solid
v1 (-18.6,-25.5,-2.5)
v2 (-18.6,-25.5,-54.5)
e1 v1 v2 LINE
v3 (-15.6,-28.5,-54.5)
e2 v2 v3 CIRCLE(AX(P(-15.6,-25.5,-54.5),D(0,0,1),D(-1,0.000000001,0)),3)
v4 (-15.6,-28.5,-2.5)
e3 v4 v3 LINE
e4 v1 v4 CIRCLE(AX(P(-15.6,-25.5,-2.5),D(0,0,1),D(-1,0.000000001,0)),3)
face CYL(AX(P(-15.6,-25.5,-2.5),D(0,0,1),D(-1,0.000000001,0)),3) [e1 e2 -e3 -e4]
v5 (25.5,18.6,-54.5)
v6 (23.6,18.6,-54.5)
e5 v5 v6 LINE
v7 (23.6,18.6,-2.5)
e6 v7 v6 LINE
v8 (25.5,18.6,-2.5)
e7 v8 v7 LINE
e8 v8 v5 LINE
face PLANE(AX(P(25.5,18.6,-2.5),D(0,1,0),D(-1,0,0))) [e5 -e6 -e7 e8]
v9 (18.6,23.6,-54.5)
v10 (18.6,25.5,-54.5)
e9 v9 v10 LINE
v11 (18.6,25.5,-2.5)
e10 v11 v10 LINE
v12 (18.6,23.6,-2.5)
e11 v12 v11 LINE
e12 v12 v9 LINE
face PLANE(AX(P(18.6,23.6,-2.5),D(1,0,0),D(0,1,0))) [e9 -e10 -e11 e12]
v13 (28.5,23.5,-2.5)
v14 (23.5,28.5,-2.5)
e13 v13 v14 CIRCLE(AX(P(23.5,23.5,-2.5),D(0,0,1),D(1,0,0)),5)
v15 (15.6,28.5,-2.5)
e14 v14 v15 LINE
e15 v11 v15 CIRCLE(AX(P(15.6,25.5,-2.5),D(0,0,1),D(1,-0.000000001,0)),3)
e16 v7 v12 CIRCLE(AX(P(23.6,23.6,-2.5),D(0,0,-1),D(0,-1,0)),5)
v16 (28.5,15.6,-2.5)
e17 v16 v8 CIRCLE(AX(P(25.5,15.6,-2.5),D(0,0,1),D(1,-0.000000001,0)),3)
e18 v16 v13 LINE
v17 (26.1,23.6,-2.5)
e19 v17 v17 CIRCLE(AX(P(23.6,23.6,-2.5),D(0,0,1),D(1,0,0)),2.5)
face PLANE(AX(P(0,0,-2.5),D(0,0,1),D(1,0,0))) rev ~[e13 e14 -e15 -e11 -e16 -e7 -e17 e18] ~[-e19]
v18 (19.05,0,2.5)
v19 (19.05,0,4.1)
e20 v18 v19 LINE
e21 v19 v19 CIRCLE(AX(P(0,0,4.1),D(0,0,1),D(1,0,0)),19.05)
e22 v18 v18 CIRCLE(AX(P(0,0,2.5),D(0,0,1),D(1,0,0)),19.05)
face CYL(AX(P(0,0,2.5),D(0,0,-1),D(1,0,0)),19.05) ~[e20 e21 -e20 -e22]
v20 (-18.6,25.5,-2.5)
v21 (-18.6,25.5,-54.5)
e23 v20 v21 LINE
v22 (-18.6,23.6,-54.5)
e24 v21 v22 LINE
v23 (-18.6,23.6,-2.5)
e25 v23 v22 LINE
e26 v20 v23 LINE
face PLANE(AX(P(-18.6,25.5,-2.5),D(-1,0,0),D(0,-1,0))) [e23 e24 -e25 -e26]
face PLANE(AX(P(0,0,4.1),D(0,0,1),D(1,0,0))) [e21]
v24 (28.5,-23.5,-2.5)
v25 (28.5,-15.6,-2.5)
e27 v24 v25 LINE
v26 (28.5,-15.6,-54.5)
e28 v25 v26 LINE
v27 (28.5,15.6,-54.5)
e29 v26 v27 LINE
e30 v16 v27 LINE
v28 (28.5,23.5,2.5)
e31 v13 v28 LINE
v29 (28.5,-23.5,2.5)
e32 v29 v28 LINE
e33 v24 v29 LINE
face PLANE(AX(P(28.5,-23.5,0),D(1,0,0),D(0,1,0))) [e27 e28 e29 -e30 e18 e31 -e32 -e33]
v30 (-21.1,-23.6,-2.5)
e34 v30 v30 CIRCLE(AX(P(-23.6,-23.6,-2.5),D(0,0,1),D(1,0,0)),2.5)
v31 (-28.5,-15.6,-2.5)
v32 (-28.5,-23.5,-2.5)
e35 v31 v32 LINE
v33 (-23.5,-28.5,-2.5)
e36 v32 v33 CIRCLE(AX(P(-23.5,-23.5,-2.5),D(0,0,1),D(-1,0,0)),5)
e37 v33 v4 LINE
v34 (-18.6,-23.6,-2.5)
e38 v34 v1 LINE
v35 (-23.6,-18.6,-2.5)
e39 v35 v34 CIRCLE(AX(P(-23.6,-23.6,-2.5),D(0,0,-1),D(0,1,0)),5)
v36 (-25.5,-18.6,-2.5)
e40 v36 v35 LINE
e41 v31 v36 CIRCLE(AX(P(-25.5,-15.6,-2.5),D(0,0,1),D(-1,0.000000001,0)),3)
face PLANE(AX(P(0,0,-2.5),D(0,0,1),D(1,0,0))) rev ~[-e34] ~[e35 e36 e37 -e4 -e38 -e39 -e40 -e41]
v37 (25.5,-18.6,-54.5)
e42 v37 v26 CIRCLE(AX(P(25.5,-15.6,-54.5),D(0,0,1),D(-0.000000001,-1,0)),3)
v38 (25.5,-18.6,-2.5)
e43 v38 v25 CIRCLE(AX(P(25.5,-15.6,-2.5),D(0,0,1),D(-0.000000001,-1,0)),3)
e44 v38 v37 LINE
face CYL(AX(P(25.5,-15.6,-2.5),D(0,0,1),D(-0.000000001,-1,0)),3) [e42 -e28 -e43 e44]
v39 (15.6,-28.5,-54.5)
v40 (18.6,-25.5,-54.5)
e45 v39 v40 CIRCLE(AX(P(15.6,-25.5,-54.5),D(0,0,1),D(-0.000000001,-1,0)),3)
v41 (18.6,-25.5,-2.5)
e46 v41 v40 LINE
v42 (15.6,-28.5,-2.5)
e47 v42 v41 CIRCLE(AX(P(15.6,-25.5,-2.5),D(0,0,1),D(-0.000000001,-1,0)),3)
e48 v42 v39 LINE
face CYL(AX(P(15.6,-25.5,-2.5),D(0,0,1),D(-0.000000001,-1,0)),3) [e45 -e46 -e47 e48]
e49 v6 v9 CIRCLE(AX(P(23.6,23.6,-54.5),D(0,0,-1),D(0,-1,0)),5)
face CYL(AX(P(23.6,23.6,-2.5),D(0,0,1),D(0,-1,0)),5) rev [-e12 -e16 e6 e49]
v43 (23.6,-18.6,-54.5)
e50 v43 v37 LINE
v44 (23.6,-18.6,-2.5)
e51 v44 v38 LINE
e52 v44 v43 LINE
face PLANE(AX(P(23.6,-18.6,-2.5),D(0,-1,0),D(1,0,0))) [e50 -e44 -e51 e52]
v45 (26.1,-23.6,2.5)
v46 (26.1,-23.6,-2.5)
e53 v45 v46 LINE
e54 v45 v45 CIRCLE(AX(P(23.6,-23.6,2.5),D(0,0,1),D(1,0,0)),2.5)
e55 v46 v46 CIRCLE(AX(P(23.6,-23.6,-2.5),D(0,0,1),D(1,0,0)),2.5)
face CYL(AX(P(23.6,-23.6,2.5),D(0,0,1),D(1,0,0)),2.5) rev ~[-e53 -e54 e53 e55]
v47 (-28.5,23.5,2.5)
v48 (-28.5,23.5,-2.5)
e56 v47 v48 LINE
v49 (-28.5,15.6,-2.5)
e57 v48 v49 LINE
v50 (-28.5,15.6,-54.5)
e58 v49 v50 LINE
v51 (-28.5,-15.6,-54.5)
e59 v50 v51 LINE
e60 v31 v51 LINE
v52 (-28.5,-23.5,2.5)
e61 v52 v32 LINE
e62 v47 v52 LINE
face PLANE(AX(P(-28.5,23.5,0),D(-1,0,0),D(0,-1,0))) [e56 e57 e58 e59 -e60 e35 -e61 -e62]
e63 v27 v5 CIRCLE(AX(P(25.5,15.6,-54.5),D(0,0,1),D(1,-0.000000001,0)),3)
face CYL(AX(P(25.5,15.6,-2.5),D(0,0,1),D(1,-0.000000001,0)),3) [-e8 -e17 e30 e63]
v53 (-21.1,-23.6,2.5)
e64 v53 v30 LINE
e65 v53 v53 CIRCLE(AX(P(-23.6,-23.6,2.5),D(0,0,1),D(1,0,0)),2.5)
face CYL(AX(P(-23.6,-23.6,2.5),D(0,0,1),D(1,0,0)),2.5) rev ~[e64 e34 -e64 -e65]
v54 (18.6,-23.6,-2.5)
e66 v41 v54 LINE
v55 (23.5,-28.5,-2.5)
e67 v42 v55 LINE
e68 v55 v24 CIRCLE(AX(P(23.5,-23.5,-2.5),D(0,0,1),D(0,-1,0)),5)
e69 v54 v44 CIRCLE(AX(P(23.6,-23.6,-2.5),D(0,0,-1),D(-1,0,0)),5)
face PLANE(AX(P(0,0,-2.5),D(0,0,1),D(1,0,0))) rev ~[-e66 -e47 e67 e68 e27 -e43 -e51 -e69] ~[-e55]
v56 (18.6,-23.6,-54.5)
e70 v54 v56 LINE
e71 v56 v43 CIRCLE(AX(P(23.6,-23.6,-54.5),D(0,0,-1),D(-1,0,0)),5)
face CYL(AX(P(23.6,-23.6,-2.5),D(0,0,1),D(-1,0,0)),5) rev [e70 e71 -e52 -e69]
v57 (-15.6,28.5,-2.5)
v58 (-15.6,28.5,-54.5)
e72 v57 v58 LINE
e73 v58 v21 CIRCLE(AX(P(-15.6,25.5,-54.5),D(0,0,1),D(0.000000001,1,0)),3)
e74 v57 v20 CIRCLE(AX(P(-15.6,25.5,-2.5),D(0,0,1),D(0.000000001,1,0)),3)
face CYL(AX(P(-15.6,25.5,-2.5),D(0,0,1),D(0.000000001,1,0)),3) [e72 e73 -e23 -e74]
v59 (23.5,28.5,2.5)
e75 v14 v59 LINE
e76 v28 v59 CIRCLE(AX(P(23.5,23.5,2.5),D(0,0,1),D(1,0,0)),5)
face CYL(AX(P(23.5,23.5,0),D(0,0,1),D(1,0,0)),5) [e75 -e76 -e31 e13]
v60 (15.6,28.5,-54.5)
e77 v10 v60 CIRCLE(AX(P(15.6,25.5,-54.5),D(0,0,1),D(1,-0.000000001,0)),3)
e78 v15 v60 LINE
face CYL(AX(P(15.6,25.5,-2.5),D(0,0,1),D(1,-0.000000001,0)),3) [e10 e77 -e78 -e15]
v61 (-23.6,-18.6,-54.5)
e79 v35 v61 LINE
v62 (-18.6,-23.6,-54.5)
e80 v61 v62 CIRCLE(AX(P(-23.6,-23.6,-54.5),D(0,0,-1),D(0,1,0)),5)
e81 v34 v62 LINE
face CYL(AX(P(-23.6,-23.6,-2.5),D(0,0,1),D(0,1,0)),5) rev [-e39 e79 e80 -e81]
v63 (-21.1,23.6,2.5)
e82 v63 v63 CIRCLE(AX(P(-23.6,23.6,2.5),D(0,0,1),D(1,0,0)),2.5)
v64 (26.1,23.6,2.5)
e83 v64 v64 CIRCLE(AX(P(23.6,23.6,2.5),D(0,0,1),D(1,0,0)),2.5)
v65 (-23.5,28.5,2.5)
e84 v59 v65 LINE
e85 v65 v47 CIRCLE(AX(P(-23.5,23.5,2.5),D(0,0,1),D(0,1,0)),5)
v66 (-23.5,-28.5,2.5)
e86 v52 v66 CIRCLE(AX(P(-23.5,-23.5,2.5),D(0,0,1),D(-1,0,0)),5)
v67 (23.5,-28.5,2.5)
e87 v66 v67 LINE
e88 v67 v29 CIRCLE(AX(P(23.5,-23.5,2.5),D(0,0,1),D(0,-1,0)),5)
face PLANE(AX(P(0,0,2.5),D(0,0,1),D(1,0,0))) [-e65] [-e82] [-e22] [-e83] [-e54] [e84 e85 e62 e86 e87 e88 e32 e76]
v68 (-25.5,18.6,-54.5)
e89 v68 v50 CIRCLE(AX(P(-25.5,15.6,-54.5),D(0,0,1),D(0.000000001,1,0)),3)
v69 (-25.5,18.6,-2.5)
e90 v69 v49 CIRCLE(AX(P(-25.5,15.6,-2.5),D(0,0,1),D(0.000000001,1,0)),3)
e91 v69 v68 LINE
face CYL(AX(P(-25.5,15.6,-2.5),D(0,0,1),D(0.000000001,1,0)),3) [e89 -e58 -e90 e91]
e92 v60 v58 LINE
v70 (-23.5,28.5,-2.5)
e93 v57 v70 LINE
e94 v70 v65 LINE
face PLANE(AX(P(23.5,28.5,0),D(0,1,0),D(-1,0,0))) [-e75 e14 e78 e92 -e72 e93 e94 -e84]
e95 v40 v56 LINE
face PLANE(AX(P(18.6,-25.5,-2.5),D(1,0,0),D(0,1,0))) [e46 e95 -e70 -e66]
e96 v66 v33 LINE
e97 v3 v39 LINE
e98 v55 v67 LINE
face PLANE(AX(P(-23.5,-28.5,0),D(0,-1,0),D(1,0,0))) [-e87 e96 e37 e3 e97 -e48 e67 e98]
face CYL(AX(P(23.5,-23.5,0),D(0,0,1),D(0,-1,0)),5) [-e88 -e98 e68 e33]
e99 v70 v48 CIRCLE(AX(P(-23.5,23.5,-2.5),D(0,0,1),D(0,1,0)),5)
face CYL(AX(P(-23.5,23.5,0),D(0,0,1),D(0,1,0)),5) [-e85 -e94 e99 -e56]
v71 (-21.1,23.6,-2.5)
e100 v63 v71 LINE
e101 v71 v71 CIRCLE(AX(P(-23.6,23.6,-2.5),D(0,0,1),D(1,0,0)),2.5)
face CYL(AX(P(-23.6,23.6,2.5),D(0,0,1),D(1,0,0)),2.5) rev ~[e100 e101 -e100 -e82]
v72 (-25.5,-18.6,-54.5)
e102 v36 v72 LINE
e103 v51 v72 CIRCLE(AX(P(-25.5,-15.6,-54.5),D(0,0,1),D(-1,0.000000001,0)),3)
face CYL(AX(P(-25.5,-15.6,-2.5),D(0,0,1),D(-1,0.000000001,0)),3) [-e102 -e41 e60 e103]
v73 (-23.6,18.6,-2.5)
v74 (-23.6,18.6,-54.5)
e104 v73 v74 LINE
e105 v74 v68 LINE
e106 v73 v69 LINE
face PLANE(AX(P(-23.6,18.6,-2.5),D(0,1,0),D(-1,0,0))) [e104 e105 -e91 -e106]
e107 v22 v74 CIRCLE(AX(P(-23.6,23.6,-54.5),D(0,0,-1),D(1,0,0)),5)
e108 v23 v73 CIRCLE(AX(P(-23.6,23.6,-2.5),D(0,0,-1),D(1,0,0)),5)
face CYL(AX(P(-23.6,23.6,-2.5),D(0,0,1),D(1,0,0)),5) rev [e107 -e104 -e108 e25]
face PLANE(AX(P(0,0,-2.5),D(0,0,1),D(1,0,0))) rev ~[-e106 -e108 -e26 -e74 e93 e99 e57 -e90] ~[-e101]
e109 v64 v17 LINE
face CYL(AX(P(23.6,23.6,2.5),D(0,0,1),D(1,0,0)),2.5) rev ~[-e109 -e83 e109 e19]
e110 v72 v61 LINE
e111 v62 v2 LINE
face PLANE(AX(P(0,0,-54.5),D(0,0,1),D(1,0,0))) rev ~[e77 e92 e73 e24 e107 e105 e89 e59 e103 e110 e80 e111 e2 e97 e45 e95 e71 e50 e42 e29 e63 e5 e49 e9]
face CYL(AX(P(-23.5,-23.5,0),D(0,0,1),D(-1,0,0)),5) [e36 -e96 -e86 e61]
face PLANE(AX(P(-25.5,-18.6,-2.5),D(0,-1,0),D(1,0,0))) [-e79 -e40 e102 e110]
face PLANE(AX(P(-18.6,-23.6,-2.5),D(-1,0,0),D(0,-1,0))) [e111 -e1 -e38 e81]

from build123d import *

# Parameters (mm, degrees)
BOSS_EXTRUDE1_DEPTH = 2.5
SKETCH5_R           = 2.5
CUT_EXTRUDE1_DEPTH  = 6
SKETCH3_R           = 19.05
BOSS_EXTRUDE3_DEPTH = 1.6
BODY_DEPTH          = 52


with BuildPart() as part:
    # Sketch1 → Boss-Extrude1 (new body, symmetric)
    with BuildSketch(Plane.XY):
        with BuildLine():
            Line((-23.5, -28.5), (23.5, -28.5))
            ThreePointArc((23.5, -28.5), (27.035533906, -27.035533906), (28.5, -23.5))
            Line((28.5, -23.5), (28.5, 23.5))
            ThreePointArc((28.5, 23.5), (27.035533906, 27.035533906), (23.5, 28.5))
            Line((23.5, 28.5), (-23.5, 28.5))
            ThreePointArc((-23.5, 28.5), (-27.035533906, 27.035533906), (-28.5, 23.5))
            Line((-28.5, 23.5), (-28.5, -23.5))
            ThreePointArc((-28.5, -23.5), (-27.035533906, -27.035533906), (-23.5, -28.5))
        make_face()
    extrude(amount=BOSS_EXTRUDE1_DEPTH, both=True)

    # Sketch5 → Cut-Extrude1 (cut, through all)
    with BuildSketch(Plane.XY.offset(2.5)):
        with Locations((-23.6, 23.6)):
            Circle(SKETCH5_R)
        with Locations((23.6, 23.6)):
            Circle(SKETCH5_R)
        with Locations((23.6, -23.6)):
            Circle(SKETCH5_R)
        with Locations((-23.6, -23.6)):
            Circle(SKETCH5_R)
    extrude(amount=-CUT_EXTRUDE1_DEPTH, mode=Mode.SUBTRACT)

    # Sketch3 → Boss-Extrude3 (add)
    with BuildSketch(Plane.XY.offset(2.5)):
        Circle(SKETCH3_R)
    extrude(amount=BOSS_EXTRUDE3_DEPTH)

    # Sketch4 → Body (add)
    with BuildSketch(Plane(origin=(0, 0, -2.5), x_dir=(-1, 0, 0), z_dir=(0, 0, -1))):
        with BuildLine():
            Line((-18.6, 23.6), (-18.6, 25.5))
            ThreePointArc((-18.6, 25.5), (-17.721320344, 27.621320344), (-15.6, 28.5))
            Line((-15.6, 28.5), (15.6, 28.5))
            ThreePointArc((15.6, 28.5), (17.721320344, 27.621320344), (18.6, 25.5))
            Line((18.6, 25.5), (18.6, 23.6))
            ThreePointArc((18.6, 23.6), (20.064466094, 20.064466094), (23.6, 18.6))
            Line((23.6, 18.6), (25.5, 18.6))
            ThreePointArc((25.5, 18.6), (27.621320344, 17.721320344), (28.5, 15.6))
            Line((28.5, 15.6), (28.5, -15.6))
            ThreePointArc((28.5, -15.6), (27.621320344, -17.721320344), (25.5, -18.6))
            Line((25.5, -18.6), (23.6, -18.6))
            ThreePointArc((23.6, -18.6), (20.064466094, -20.064466094), (18.6, -23.6))
            Line((18.6, -23.6), (18.6, -25.5))
            ThreePointArc((18.6, -25.5), (17.721320344, -27.621320344), (15.6, -28.5))
            Line((15.6, -28.5), (-15.6, -28.5))
            ThreePointArc((-15.6, -28.5), (-17.721320344, -27.621320344), (-18.6, -25.5))
            Line((-18.6, -25.5), (-18.6, -23.6))
            ThreePointArc((-18.6, -23.6), (-20.064466094, -20.064466094), (-23.6, -18.6))
            Line((-23.6, -18.6), (-25.5, -18.6))
            ThreePointArc((-25.5, -18.6), (-27.621320344, -17.721320344), (-28.5, -15.6))
            Line((-28.5, -15.6), (-28.5, 15.6))
            ThreePointArc((-28.5, 15.6), (-27.621320344, 17.721320344), (-25.5, 18.6))
            Line((-25.5, 18.6), (-23.6, 18.6))
            ThreePointArc((-23.6, 18.6), (-20.064466094, 20.064466094), (-18.6, 23.6))
        make_face()
    extrude(amount=BODY_DEPTH)


solid = part.part
